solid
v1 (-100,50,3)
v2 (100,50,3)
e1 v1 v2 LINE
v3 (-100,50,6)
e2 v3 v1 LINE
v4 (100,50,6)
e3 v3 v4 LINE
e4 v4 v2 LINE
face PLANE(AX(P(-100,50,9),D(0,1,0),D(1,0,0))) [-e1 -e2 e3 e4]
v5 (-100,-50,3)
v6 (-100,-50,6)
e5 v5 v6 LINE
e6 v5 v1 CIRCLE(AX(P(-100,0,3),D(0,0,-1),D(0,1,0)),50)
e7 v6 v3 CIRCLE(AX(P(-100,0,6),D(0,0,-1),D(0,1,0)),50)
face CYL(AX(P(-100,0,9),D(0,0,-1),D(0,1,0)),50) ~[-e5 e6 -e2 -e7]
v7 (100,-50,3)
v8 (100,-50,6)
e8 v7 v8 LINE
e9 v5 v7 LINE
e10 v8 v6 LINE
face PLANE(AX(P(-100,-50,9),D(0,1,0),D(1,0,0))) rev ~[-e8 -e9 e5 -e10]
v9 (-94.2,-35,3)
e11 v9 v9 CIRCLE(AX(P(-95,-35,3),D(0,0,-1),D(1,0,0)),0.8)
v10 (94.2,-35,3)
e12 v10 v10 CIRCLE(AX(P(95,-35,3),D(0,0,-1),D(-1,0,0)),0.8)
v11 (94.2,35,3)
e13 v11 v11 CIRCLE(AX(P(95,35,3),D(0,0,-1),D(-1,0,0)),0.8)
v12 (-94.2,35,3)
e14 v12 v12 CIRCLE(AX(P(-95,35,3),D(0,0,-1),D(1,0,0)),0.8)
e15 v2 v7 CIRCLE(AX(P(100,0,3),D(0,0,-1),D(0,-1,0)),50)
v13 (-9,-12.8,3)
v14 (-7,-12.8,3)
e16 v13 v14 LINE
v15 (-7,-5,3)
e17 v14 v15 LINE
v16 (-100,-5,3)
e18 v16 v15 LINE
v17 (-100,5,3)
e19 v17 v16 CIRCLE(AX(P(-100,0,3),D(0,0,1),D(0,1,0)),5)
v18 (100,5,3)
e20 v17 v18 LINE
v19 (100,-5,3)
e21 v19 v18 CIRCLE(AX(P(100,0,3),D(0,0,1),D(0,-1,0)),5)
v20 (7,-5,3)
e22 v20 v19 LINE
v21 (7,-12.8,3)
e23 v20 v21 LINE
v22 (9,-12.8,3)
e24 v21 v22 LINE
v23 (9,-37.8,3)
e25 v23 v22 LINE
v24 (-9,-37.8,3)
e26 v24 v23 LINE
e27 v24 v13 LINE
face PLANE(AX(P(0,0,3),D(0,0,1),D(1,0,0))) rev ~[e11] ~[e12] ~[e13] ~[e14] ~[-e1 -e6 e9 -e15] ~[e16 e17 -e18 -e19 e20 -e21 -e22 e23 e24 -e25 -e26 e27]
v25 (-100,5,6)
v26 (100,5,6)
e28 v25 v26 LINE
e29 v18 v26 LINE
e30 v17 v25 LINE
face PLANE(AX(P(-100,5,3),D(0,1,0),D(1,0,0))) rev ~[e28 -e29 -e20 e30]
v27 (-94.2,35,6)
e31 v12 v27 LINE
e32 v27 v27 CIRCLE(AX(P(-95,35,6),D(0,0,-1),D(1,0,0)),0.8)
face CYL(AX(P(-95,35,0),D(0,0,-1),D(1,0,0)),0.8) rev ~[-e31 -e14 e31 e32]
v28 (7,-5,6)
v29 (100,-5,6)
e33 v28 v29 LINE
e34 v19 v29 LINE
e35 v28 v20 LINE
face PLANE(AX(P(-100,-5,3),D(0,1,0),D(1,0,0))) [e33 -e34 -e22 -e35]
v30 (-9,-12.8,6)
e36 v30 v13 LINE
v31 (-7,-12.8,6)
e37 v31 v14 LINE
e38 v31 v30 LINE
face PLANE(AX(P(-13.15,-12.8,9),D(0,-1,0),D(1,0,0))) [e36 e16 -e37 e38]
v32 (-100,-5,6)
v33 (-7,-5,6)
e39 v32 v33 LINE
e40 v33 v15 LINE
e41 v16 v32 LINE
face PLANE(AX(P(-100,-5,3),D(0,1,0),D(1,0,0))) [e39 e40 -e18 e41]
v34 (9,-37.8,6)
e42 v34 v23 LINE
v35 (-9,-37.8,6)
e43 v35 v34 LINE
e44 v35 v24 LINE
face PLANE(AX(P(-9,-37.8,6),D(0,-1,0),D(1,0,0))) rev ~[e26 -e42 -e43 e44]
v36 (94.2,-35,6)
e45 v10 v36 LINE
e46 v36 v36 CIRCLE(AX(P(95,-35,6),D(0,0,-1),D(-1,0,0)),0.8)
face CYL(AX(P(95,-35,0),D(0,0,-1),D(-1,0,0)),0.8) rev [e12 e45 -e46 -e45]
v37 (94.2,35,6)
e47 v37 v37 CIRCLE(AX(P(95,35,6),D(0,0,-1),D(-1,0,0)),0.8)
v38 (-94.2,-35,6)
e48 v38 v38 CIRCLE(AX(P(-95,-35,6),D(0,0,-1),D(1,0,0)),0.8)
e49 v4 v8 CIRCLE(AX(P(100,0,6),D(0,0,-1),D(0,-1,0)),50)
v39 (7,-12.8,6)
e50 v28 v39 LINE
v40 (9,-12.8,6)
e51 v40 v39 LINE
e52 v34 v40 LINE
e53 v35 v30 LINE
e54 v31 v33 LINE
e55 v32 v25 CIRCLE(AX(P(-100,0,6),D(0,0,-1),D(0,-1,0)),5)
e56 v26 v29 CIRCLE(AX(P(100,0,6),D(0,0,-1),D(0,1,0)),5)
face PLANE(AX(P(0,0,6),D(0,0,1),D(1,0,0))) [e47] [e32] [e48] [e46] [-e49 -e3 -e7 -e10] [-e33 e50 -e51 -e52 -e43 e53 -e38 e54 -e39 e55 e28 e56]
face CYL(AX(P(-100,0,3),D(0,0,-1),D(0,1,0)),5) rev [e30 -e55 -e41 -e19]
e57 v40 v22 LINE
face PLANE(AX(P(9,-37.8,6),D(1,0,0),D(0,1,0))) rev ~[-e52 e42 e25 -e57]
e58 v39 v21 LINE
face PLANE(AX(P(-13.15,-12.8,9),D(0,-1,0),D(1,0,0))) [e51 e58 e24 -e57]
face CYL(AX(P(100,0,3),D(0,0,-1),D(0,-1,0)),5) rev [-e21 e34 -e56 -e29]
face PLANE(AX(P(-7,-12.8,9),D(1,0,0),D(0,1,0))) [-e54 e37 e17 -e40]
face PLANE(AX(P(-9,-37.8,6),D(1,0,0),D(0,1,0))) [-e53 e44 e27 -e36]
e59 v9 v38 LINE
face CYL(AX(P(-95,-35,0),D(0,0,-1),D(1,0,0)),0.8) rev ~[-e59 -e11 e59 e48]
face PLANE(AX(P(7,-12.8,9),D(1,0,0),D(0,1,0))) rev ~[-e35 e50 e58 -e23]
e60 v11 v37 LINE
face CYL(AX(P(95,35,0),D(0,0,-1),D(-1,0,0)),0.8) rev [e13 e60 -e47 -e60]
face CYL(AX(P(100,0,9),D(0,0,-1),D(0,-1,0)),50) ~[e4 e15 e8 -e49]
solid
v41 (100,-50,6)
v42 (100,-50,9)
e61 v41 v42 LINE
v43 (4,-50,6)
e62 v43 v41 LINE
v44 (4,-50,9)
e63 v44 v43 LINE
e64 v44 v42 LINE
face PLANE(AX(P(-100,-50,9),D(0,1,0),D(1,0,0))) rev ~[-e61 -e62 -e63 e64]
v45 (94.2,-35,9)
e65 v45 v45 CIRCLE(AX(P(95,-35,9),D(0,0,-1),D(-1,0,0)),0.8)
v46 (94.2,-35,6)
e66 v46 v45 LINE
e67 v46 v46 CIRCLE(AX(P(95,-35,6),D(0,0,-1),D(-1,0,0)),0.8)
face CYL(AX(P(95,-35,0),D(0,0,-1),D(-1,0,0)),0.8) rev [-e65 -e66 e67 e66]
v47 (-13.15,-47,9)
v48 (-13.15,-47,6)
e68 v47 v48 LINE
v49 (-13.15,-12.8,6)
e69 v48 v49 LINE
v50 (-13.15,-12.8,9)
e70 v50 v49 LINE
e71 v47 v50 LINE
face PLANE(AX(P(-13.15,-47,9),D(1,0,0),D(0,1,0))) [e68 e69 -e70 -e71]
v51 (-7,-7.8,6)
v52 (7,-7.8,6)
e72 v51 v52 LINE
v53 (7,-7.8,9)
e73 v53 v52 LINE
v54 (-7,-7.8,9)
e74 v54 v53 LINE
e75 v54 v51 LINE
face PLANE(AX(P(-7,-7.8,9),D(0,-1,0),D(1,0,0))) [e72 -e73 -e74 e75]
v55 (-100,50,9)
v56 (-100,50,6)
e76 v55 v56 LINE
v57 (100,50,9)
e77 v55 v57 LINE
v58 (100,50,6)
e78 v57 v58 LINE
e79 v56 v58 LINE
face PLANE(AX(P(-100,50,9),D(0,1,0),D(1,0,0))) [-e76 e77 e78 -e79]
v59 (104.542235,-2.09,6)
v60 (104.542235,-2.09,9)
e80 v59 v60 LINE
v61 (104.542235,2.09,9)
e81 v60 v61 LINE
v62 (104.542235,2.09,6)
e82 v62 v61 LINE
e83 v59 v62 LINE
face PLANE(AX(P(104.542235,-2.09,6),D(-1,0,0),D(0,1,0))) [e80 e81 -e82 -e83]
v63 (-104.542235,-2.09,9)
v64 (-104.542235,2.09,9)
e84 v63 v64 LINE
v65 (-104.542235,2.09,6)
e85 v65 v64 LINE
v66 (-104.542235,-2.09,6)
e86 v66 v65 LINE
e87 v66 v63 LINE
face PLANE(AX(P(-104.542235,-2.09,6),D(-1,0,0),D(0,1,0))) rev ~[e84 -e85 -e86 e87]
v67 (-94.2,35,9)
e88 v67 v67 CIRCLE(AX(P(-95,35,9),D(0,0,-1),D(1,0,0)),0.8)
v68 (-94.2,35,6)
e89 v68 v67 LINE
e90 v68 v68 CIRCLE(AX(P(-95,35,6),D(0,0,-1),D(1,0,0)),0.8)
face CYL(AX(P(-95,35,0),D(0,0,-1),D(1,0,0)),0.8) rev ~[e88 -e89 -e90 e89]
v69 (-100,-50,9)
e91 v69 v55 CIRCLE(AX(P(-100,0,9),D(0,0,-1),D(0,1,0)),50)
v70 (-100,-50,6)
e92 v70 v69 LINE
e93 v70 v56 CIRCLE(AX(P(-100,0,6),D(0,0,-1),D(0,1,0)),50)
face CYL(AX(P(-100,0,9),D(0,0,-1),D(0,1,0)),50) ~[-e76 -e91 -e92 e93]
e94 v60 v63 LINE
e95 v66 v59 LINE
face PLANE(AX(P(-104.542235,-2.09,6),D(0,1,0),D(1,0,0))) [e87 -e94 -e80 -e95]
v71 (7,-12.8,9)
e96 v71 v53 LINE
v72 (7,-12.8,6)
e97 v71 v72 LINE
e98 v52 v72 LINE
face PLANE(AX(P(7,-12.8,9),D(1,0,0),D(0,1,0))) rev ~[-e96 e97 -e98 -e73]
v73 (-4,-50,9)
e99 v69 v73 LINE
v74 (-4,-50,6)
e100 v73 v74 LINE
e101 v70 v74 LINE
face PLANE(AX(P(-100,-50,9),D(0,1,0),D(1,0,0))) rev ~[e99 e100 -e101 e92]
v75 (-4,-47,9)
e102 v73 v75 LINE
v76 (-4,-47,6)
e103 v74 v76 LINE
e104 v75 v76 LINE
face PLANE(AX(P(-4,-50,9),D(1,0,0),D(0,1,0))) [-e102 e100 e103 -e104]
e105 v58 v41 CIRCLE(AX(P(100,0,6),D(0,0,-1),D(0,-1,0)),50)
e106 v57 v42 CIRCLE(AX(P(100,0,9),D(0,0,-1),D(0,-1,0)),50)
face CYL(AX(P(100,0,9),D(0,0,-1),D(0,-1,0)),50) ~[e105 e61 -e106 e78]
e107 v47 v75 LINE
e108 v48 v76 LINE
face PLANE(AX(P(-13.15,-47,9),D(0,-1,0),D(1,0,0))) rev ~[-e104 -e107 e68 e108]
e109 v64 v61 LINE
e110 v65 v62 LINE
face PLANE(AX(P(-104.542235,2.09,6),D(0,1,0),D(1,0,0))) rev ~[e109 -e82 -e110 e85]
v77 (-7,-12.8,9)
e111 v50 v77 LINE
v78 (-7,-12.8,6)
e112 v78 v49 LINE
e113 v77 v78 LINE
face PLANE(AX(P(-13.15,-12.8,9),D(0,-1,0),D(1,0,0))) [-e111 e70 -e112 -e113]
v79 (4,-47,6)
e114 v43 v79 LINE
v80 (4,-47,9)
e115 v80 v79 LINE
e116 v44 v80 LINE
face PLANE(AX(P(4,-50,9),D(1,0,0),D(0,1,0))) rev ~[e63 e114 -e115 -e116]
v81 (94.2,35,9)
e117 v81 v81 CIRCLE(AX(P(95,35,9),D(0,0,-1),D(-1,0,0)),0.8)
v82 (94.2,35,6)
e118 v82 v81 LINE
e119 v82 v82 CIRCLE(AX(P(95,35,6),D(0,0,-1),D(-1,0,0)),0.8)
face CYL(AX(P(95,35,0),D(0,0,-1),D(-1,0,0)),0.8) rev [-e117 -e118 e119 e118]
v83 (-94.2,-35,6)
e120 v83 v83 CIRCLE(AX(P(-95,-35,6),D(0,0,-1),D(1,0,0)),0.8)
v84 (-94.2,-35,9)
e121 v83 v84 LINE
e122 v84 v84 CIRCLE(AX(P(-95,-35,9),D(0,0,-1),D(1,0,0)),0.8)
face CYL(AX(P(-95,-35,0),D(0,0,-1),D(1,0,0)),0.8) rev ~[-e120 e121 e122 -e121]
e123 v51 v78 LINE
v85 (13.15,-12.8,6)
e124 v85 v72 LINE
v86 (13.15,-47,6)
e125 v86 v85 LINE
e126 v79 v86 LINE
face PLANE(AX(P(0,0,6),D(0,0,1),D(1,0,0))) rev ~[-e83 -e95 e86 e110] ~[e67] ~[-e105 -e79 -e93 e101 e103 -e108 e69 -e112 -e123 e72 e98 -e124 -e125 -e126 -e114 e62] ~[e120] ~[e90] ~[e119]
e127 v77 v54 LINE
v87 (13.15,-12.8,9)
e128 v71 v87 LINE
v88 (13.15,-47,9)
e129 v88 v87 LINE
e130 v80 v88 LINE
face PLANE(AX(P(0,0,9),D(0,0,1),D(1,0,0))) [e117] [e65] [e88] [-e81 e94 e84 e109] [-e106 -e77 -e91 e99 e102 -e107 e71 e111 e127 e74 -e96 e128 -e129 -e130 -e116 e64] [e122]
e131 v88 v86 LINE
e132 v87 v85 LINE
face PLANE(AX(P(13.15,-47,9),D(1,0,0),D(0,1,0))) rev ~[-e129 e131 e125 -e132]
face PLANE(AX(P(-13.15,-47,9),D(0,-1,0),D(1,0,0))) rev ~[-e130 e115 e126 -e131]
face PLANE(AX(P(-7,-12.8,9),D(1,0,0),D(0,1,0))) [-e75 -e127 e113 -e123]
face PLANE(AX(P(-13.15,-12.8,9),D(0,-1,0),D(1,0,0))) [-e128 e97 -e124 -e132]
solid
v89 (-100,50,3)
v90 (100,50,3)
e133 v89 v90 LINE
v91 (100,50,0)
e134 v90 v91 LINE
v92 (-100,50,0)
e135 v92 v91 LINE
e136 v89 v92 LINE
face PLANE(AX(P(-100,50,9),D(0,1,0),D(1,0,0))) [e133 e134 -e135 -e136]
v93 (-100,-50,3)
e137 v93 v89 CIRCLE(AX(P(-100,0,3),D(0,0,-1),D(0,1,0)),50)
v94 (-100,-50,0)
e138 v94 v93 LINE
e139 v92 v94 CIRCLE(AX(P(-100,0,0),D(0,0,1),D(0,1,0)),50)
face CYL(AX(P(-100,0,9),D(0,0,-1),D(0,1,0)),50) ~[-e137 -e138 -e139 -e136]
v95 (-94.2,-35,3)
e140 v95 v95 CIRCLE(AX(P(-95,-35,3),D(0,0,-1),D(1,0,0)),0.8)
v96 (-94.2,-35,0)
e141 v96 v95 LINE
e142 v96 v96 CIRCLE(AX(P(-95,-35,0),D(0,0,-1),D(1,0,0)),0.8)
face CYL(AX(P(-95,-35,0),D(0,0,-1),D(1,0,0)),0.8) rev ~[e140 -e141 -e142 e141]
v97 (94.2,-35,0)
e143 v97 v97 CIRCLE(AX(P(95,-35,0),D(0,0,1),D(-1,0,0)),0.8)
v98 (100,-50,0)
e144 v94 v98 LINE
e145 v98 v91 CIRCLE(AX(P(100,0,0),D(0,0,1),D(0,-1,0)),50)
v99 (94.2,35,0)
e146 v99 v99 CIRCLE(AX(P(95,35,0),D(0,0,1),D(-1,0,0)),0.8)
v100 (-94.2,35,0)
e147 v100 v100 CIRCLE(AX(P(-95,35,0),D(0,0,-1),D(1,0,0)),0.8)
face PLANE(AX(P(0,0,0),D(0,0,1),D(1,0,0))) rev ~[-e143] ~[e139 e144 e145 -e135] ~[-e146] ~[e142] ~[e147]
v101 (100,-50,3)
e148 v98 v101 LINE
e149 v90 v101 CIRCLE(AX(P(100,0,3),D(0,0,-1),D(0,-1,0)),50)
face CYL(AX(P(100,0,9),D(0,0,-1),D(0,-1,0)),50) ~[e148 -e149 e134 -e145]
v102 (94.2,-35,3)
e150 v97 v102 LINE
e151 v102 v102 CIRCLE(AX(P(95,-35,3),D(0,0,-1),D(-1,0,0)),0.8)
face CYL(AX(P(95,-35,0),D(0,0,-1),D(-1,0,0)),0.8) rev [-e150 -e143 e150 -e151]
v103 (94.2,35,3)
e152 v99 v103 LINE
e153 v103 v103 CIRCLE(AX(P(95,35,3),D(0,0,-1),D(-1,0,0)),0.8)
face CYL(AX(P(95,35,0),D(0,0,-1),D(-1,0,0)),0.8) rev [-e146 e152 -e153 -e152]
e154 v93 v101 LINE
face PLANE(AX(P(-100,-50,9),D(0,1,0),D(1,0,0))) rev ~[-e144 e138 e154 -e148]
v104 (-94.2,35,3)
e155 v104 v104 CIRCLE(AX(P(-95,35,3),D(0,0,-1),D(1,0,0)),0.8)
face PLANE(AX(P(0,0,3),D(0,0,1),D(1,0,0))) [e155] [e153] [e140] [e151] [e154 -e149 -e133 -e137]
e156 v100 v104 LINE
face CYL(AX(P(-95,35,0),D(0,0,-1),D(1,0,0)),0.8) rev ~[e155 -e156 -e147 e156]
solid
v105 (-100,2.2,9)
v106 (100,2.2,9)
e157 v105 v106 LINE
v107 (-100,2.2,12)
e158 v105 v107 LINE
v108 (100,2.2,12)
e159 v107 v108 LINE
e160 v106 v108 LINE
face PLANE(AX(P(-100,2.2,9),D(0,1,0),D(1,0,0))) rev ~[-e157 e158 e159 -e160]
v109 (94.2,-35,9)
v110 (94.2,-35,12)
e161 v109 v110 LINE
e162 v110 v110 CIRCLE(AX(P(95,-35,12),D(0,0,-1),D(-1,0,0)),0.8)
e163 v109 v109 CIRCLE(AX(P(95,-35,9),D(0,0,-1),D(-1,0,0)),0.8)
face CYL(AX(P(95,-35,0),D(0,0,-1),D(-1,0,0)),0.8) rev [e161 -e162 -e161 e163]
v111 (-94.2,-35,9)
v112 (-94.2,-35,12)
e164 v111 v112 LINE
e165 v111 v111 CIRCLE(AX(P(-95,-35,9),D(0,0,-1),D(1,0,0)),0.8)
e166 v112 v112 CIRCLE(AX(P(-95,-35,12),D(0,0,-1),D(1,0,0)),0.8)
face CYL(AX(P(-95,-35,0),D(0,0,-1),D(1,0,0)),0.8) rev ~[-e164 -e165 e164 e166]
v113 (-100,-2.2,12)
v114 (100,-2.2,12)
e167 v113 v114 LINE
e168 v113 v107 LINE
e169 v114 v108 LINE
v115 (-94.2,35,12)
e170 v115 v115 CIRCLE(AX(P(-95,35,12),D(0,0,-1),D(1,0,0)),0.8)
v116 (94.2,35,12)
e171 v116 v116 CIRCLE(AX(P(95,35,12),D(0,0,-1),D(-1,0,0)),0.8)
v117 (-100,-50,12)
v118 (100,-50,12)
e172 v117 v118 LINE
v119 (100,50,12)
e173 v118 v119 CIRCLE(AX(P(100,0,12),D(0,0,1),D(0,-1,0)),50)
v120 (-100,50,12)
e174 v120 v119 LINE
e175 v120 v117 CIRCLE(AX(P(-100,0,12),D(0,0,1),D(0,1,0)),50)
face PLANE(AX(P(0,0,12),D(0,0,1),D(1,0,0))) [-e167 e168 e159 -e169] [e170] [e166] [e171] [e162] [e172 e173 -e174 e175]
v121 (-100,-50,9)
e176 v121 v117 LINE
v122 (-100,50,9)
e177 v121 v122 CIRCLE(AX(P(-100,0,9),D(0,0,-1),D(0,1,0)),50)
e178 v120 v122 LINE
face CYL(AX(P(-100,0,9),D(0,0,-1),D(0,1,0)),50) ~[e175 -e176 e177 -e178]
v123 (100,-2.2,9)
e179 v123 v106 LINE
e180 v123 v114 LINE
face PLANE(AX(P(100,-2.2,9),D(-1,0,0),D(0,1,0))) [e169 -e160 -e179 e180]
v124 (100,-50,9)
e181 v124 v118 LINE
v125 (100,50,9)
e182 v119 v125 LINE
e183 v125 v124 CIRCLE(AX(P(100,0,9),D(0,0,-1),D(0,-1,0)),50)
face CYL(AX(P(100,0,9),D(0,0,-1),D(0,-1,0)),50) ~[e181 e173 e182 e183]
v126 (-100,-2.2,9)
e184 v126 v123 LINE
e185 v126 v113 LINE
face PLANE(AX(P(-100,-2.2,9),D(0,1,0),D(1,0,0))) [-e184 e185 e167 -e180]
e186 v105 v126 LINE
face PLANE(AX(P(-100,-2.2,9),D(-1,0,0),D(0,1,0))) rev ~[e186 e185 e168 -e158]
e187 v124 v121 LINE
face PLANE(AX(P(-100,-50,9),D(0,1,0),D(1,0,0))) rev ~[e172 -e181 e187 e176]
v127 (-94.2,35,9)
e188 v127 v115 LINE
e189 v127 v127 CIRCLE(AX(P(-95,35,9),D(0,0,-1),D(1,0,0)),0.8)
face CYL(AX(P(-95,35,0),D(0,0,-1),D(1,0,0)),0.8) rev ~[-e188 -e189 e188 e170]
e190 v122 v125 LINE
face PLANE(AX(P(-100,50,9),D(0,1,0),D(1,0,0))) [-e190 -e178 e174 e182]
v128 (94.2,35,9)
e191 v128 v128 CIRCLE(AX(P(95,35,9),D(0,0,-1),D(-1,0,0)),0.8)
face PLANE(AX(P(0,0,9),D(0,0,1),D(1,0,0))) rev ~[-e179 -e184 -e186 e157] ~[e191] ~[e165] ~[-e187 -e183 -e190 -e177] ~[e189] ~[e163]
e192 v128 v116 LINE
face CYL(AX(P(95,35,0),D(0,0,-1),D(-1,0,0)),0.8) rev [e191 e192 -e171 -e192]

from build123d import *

# Parameters (mm, degrees)
BOX_BOTTOM_HALF_1_W     = 301.98633
BOX_BOTTOM_HALF_1_H     = 102
BOX_BOTTOM_HALF_1_DEPTH = 4
BOX_BOTTOM_HALF_0_W     = 301.98633
BOX_BOTTOM_HALF_0_H     = 102
BOX_BOTTOM_HALF_0_DEPTH = 7
PAD_DEPTH               = 3
PAD001_DEPTH            = 3
SKETCH002_W             = 209.08447
SKETCH002_H             = 4.18
PAD002_DEPTH            = 3
SKETCH003_W             = 26.3
SKETCH003_H             = 34.2
POCKET_DEPTH            = 3
SKETCH004_W             = 18
SKETCH004_H             = 25
POCKET001_DEPTH         = 3
SKETCH005_W             = 14
SKETCH005_H             = 5
POCKET002_DEPTH         = 6
SKETCH006_W             = 14
SKETCH006_H             = 3
POCKET003_DEPTH         = 3
SKETCH007_W             = 8
SKETCH007_H             = 3
POCKET004_DEPTH         = 3
SKETCH008_W             = 200
SKETCH008_H             = 4.4
PAD003_DEPTH            = 3
SKETCH009_R             = 0.8
POCKET005_DEPTH         = 644.911736
BOX_BOTTOM_HALF_2_W     = 301.98633
BOX_BOTTOM_HALF_2_H     = 102
BOX_BOTTOM_HALF_2_DEPTH = 4


with BuildPart() as box_bottom_half_1_body:
    # box_bottom_half_1 → box_bottom_half_1 (new body)
    with BuildSketch(Plane(origin=(-150.993165, -51, -1), x_dir=(1, 0, 0), z_dir=(0, 0, 1))):
        with Locations((150.993165, 51)):
            Rectangle(BOX_BOTTOM_HALF_1_W, BOX_BOTTOM_HALF_1_H)
    extrude(amount=BOX_BOTTOM_HALF_1_DEPTH)


with BuildPart() as box_bottom_half_0_body:
    # box_bottom_half_0 → box_bottom_half_0 (new body)
    with BuildSketch(Plane(origin=(-150.993165, -51, -1), x_dir=(1, 0, 0), z_dir=(0, 0, 1))):
        with Locations((150.993165, 51)):
            Rectangle(BOX_BOTTOM_HALF_0_W, BOX_BOTTOM_HALF_0_H)
    extrude(amount=BOX_BOTTOM_HALF_0_DEPTH)


with BuildPart() as body:
    # Sketch → Pad (new body)
    with BuildSketch(Plane.XY):
        with BuildLine():
            ThreePointArc((-100, 50), (-150, 0), (-100, -50))
            Line((-100, -50), (100, -50))
            ThreePointArc((100, -50), (150, 0), (100, 50))
            Line((-100, 50), (100, 50))
        make_face()
    extrude(amount=PAD_DEPTH)

    # Sketch001 (on Face6 of Pad) → Pad001 (join)
    with BuildSketch(Plane.XY.offset(3)):
        with BuildLine():
            ThreePointArc((-100, 50), (-150, 0), (-100, -50))
            Line((-100, -50), (100, -50))
            ThreePointArc((100, -50), (150, 0), (100, 50))
            Line((-100, 50), (100, 50))
        make_face()
        with BuildLine():
            ThreePointArc((-100, 5), (-105, 0), (-100, -5))
            Line((-100, -5), (100, -5))
            ThreePointArc((100, -5), (105, 0), (100, 5))
            Line((-100, 5), (100, 5))
        make_face(mode=Mode.SUBTRACT)
    extrude(amount=PAD001_DEPTH)

    # Sketch002 (on Face9 of Pad001) → Pad002 (join)
    with BuildSketch(Plane.XY.offset(6)):
        with BuildLine():
            ThreePointArc((-100, 50), (-150, 0), (-100, -50))
            Line((-100, -50), (100, -50))
            ThreePointArc((100, -50), (150, 0), (100, 50))
            Line((-100, 50), (100, 50))
        make_face()
        Rectangle(SKETCH002_W, SKETCH002_H, mode=Mode.SUBTRACT)
    extrude(amount=PAD002_DEPTH)

    # Sketch003 (on Face13 of Pad002) → Pocket (cut)
    with BuildSketch(Plane.XY.offset(9)):
        with Locations((0, -29.9)):
            Rectangle(SKETCH003_W, SKETCH003_H)
    extrude(amount=-POCKET_DEPTH, mode=Mode.SUBTRACT)

    # Sketch004 (on Face27 of Pocket) → Pocket001 (cut)
    with BuildSketch(Plane.XY.offset(6)):
        with Locations((0, -25.3)):
            Rectangle(SKETCH004_W, SKETCH004_H)
    extrude(amount=-POCKET001_DEPTH, mode=Mode.SUBTRACT)

    # Sketch005 (on Face13 of Pocket001) → Pocket002 (cut)
    with BuildSketch(Plane.XY.offset(9)):
        with Locations((0, -10.3)):
            Rectangle(SKETCH005_W, SKETCH005_H)
    extrude(amount=-POCKET002_DEPTH, mode=Mode.SUBTRACT)

    # Sketch006 (on Face23 of Pocket002) → Pocket003 (cut)
    with BuildSketch(Plane.XZ.offset(7.8)):
        with Locations((0, 4.5)):
            Rectangle(SKETCH006_W, SKETCH006_H)
    extrude(amount=-POCKET003_DEPTH, mode=Mode.SUBTRACT)

    # Sketch007 (on Face13 of Pocket003) → Pocket004 (cut)
    with BuildSketch(Plane.XY.offset(9)):
        with Locations((0, -48.5)):
            Rectangle(SKETCH007_W, SKETCH007_H)
    extrude(amount=-POCKET004_DEPTH, mode=Mode.SUBTRACT)

    # Sketch008 (on Face15 of Pocket004) → Pad003 (join)
    with BuildSketch(Plane.XY.offset(9)):
        with BuildLine():
            ThreePointArc((-100, 50), (-150, 0), (-100, -50))
            Line((-100, -50), (100, -50))
            ThreePointArc((100, -50), (150, 0), (100, 50))
            Line((-100, 50), (100, 50))
        make_face()
        Rectangle(SKETCH008_W, SKETCH008_H, mode=Mode.SUBTRACT)
    extrude(amount=PAD003_DEPTH)

    # Sketch009 (on Face4 of Pad003) → Pocket005 (cut, through all)
    with BuildSketch(Plane(origin=(0, 0, 0), x_dir=(1, 0, 0), z_dir=(0, 0, -1))):
        with Locations((-95, 35)):
            Circle(SKETCH009_R)
        with Locations((-95, -35)):
            Circle(SKETCH009_R)
    pocket005 = extrude(amount=-POCKET005_DEPTH, mode=Mode.SUBTRACT)

    # Mirrored: Pocket005 across Sketch009 V_Axis
    add(pocket005.mirror(Plane(origin=(0, 0, 0), x_dir=(0, 0, -1), z_dir=(1, 0, 0))), mode=Mode.SUBTRACT)


with BuildPart() as bottom_half_0_body:
    # bottom_half_0 base: copy of Body
    add(body.part)

    # bottom_half_0: intersect box_bottom_half_0 body
    add(box_bottom_half_0_body.part, mode=Mode.INTERSECT)


with BuildPart() as bottom_half_1_body:
    # bottom_half_1 base: copy of bottom_half_0 body
    add(bottom_half_0_body.part)

    # bottom_half_1: intersect box_bottom_half_1 body
    add(box_bottom_half_1_body.part, mode=Mode.INTERSECT)


with BuildPart() as top_half_1_body:
    # top_half_1 base: copy of bottom_half_0 body
    add(bottom_half_0_body.part)

    # top_half_1: cut box_bottom_half_1 body
    add(box_bottom_half_1_body.part, mode=Mode.SUBTRACT)


with BuildPart() as box_bottom_half_2_body:
    # box_bottom_half_2 → box_bottom_half_2 (new body)
    with BuildSketch(Plane(origin=(-150.993165, -51, 5), x_dir=(1, 0, 0), z_dir=(0, 0, 1))):
        with Locations((150.993165, 51)):
            Rectangle(BOX_BOTTOM_HALF_2_W, BOX_BOTTOM_HALF_2_H)
    extrude(amount=BOX_BOTTOM_HALF_2_DEPTH)


with BuildPart() as top_half_0_body:
    # top_half_0 base: copy of Body
    add(body.part)

    # top_half_0: cut box_bottom_half_0 body
    add(box_bottom_half_0_body.part, mode=Mode.SUBTRACT)


with BuildPart() as bottom_half_2_body:
    # bottom_half_2 base: copy of top_half_0 body
    add(top_half_0_body.part)

    # bottom_half_2: intersect box_bottom_half_2 body
    add(box_bottom_half_2_body.part, mode=Mode.INTERSECT)


with BuildPart() as top_half_2_body:
    # top_half_2 base: copy of top_half_0 body
    add(top_half_0_body.part)

    # top_half_2: cut box_bottom_half_2 body
    add(box_bottom_half_2_body.part, mode=Mode.SUBTRACT)


solid = Compound([bottom_half_1_body.part, top_half_1_body.part, bottom_half_2_body.part, top_half_2_body.part])
